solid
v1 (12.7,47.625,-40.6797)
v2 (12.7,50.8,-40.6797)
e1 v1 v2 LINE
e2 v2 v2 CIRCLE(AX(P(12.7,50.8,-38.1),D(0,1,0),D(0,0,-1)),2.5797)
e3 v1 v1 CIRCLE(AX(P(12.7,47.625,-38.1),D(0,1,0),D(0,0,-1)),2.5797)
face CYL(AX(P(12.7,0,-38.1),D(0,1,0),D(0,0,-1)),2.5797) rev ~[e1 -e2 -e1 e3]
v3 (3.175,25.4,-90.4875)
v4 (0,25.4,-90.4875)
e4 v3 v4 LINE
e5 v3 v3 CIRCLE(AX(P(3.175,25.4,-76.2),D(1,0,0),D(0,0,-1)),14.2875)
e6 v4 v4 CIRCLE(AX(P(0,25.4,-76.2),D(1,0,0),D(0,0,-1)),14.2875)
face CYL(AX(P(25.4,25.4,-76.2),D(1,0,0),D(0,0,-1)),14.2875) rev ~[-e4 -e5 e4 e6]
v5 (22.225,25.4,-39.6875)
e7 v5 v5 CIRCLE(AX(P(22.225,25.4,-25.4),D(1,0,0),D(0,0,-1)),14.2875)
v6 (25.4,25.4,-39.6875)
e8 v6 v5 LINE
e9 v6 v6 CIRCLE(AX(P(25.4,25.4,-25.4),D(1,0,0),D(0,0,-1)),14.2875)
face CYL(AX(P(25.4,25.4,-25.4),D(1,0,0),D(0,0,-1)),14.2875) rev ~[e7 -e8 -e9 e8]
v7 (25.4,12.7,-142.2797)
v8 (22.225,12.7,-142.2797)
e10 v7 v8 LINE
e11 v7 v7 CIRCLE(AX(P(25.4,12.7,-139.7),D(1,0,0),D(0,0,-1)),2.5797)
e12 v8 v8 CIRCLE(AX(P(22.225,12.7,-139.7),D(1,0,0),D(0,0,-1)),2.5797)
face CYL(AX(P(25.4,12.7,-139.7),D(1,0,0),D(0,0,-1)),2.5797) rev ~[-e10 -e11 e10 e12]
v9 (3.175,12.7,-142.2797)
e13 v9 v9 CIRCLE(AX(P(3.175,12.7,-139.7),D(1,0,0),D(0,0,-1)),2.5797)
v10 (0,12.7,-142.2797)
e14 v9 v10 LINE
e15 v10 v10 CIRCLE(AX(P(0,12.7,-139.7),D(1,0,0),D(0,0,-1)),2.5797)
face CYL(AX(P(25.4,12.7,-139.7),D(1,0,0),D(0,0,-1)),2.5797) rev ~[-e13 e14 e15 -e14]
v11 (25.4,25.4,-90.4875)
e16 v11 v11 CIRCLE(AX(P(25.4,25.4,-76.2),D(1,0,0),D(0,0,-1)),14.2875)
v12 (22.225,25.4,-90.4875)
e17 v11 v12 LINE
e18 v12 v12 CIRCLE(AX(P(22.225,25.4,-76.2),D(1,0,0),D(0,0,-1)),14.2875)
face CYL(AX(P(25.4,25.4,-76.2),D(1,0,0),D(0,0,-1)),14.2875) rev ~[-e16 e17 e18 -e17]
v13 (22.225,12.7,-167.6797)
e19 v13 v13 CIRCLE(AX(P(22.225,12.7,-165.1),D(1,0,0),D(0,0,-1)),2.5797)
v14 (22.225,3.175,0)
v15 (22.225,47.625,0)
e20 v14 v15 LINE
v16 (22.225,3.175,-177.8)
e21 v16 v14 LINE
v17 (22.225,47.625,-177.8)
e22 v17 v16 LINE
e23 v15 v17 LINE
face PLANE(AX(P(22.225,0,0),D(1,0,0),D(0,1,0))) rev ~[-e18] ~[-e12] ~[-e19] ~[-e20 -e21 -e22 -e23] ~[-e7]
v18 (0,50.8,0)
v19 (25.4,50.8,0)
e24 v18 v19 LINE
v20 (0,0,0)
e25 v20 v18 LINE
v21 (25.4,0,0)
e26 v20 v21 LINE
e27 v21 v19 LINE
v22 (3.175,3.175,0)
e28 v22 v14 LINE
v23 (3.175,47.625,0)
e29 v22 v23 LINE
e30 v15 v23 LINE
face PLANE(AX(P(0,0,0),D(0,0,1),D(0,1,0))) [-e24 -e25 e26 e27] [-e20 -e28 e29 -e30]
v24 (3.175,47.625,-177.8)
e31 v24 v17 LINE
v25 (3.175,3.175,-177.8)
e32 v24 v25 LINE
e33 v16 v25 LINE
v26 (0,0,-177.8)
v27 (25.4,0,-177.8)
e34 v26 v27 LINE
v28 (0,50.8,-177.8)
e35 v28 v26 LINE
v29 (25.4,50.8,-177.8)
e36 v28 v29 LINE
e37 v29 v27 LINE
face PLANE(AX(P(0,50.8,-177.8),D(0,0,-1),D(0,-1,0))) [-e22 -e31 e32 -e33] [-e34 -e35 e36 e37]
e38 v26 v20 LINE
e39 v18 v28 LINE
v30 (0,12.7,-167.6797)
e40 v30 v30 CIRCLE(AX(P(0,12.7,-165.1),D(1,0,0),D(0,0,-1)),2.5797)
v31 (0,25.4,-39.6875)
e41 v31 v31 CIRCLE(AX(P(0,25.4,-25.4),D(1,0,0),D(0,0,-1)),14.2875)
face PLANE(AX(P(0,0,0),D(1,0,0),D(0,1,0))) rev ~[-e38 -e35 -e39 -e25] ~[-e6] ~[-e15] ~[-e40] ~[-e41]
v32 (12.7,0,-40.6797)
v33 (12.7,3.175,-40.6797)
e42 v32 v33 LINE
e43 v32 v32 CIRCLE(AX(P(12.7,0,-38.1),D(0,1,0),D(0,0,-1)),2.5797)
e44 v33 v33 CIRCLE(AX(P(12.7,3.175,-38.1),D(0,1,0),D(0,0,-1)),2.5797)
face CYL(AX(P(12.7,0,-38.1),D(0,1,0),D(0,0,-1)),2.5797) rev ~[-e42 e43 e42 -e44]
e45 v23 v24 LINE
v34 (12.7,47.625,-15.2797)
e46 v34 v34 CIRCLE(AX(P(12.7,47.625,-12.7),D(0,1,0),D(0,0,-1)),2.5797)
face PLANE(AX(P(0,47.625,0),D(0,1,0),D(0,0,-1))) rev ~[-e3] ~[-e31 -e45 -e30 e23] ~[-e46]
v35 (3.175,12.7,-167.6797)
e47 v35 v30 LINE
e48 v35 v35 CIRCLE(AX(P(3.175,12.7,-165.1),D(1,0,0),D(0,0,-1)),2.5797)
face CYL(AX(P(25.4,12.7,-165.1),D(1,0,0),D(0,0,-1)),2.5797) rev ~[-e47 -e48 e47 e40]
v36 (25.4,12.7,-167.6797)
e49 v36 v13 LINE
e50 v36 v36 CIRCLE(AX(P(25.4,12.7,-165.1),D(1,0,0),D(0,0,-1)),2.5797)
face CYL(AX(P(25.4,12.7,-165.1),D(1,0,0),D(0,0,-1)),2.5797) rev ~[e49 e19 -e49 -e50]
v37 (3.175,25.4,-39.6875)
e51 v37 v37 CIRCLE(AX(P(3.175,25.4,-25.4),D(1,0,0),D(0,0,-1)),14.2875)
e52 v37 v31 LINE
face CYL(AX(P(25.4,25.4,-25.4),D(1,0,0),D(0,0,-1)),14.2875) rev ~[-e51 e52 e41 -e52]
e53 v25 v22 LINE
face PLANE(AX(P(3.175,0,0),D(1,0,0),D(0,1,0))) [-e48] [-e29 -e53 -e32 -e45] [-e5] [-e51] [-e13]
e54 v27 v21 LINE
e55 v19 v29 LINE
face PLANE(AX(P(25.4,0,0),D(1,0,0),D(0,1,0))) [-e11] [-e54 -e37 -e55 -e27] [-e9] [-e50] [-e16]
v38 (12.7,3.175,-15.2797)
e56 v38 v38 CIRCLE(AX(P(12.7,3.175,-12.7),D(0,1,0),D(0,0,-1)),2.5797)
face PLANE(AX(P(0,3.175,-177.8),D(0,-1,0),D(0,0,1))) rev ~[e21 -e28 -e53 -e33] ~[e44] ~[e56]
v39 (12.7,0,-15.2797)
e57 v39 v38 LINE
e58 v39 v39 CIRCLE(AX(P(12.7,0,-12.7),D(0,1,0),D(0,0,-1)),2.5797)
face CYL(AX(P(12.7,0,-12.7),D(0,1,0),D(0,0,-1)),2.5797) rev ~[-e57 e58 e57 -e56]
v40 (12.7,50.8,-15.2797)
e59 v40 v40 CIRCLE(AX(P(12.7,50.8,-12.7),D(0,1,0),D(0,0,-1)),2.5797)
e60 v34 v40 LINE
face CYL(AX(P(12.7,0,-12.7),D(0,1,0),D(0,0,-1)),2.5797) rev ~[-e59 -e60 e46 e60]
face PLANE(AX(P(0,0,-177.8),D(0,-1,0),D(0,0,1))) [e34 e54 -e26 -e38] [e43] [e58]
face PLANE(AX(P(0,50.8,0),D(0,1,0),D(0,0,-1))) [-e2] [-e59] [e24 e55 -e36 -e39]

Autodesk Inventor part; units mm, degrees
ref_plane "YZ Plane" through (0, 0, 0) normal (1, 0, 0) x (0, 1, 0)
ref_plane "XZ Plane" through (0, 0, 0) normal (0, 1, 0) x (-1, 0, 0)
ref_plane "XY Plane" through (0, 0, 0) normal (0, 0, 1) x (1, 0, 0)
sketch "Sketch1" plane through (0, 0, 0) normal (1, 0, 0) x (0, 1, 0)
  line L0 (0, 0) -> (50.8, 0)
  line L1 (50.8, 0) -> (50.8, -177.8)
  line L2 (50.8, -177.8) -> (0, -177.8)
  line L3 (0, -177.8) -> (0, 0)
  dimension "d0" = 50.8
  dimension "d1" = 177.8
extrude "Extrusion1" add sketch "Sketch1" along normal blind 25.4
shell "Shell1" thickness 3.175 removed faces 2 at (8.4667, 16.9333, 0) at (8.4667, 33.8667, -177.8)
sketch "Sketch2" plane through (25.4, 0, 0) normal (1, 0, 0) x (0, 0, -1)
  line L0 (0, 3.175) -> (0, 47.625) construction
  line L1 (0, 25.4) -> (177.8, 25.4) construction
  line L2 (177.8, 3.175) -> (177.8, 47.625) construction
  line L3 (0, 25.4) -> (25.4, 25.4) construction
  circle A0 centre (25.4, 25.4) radius 14.2875
  line L4 (25.4, 25.4) -> (76.2, 25.4) construction
  circle A1 centre (76.2, 25.4) radius 14.2875
  circle A2 centre (25.4, 25.4) radius 19.05 construction
  circle A3 centre (76.2, 25.4) radius 19.05 construction
  line L5 (177.8, 50.8) -> (0, 50.8) construction
  line L6 (0, 50.8) -> (12.7, 50.8) construction
  line L7 (12.7, 50.8) -> (12.7, 38.1) construction
  line L8 (12.7, 38.1) -> (0, 38.1) construction
  line L9 (0, 38.1) -> (0, 50.8) construction
  line L10 (0, 0) -> (12.7, 0) construction
  line L11 (12.7, 0) -> (12.7, 12.7) construction
  line L12 (12.7, 12.7) -> (0, 12.7) construction
  line L13 (0, 12.7) -> (0, 0) construction
  line L14 (177.8, 50.8) -> (165.1, 50.8) construction
  line L15 (165.1, 50.8) -> (165.1, 38.1) construction
  line L16 (165.1, 38.1) -> (177.8, 38.1) construction
  line L17 (177.8, 38.1) -> (177.8, 50.8) construction
  line L18 (177.8, 0) -> (165.1, 0) construction
  line L19 (165.1, 0) -> (165.1, 12.7) construction
  line L20 (165.1, 12.7) -> (177.8, 12.7) construction
  line L21 (177.8, 12.7) -> (177.8, 0) construction
  line L22 (177.8, 50.8) -> (139.7, 50.8) construction
  line L23 (139.7, 50.8) -> (139.7, 38.1) construction
  line L24 (139.7, 38.1) -> (177.8, 38.1) construction
  line L25 (177.8, 38.1) -> (177.8, 50.8) construction
  line L26 (177.8, 0) -> (139.7, 0) construction
  line L27 (139.7, 0) -> (139.7, 12.7) construction
  line L28 (139.7, 12.7) -> (177.8, 12.7) construction
  line L29 (177.8, 12.7) -> (177.8, 0) construction
  circle A4 centre (165.1, 12.7) radius 2.5797
  circle A5 centre (139.7, 12.7) radius 2.5797
  dimension "d5" = 25.4
  dimension "d6" = 28.575
  dimension "d7" = 50.8
  dimension "d8" = 28.575
  dimension "d9" = 38.1
  dimension "d10" = 38.1
  dimension "d11" = 12.7
  dimension "d12" = 12.7
  dimension "d13" = 12.7
  dimension "d14" = 12.7
  dimension "d15" = 12.7
  dimension "d16" = 12.7
  dimension "d17" = 12.7
  dimension "d18" = 12.7
  dimension "d19" = 38.1
  dimension "d20" = 38.1
  dimension "d22" = 5.1594
  dimension "d23" = 5.1594
extrude "Extrusion2" cut sketch "Sketch2" against normal blind 50.8
hole "Hole1" at (12.7, 0, -12.7) direction (0, 1, 0) diameter 5.1594 end through all
hole "Hole2" at (12.7, 0, -38.1) direction (0, 1, 0) diameter 5.1594 end through all
properties part number "Top Roller Wheel Mount"
